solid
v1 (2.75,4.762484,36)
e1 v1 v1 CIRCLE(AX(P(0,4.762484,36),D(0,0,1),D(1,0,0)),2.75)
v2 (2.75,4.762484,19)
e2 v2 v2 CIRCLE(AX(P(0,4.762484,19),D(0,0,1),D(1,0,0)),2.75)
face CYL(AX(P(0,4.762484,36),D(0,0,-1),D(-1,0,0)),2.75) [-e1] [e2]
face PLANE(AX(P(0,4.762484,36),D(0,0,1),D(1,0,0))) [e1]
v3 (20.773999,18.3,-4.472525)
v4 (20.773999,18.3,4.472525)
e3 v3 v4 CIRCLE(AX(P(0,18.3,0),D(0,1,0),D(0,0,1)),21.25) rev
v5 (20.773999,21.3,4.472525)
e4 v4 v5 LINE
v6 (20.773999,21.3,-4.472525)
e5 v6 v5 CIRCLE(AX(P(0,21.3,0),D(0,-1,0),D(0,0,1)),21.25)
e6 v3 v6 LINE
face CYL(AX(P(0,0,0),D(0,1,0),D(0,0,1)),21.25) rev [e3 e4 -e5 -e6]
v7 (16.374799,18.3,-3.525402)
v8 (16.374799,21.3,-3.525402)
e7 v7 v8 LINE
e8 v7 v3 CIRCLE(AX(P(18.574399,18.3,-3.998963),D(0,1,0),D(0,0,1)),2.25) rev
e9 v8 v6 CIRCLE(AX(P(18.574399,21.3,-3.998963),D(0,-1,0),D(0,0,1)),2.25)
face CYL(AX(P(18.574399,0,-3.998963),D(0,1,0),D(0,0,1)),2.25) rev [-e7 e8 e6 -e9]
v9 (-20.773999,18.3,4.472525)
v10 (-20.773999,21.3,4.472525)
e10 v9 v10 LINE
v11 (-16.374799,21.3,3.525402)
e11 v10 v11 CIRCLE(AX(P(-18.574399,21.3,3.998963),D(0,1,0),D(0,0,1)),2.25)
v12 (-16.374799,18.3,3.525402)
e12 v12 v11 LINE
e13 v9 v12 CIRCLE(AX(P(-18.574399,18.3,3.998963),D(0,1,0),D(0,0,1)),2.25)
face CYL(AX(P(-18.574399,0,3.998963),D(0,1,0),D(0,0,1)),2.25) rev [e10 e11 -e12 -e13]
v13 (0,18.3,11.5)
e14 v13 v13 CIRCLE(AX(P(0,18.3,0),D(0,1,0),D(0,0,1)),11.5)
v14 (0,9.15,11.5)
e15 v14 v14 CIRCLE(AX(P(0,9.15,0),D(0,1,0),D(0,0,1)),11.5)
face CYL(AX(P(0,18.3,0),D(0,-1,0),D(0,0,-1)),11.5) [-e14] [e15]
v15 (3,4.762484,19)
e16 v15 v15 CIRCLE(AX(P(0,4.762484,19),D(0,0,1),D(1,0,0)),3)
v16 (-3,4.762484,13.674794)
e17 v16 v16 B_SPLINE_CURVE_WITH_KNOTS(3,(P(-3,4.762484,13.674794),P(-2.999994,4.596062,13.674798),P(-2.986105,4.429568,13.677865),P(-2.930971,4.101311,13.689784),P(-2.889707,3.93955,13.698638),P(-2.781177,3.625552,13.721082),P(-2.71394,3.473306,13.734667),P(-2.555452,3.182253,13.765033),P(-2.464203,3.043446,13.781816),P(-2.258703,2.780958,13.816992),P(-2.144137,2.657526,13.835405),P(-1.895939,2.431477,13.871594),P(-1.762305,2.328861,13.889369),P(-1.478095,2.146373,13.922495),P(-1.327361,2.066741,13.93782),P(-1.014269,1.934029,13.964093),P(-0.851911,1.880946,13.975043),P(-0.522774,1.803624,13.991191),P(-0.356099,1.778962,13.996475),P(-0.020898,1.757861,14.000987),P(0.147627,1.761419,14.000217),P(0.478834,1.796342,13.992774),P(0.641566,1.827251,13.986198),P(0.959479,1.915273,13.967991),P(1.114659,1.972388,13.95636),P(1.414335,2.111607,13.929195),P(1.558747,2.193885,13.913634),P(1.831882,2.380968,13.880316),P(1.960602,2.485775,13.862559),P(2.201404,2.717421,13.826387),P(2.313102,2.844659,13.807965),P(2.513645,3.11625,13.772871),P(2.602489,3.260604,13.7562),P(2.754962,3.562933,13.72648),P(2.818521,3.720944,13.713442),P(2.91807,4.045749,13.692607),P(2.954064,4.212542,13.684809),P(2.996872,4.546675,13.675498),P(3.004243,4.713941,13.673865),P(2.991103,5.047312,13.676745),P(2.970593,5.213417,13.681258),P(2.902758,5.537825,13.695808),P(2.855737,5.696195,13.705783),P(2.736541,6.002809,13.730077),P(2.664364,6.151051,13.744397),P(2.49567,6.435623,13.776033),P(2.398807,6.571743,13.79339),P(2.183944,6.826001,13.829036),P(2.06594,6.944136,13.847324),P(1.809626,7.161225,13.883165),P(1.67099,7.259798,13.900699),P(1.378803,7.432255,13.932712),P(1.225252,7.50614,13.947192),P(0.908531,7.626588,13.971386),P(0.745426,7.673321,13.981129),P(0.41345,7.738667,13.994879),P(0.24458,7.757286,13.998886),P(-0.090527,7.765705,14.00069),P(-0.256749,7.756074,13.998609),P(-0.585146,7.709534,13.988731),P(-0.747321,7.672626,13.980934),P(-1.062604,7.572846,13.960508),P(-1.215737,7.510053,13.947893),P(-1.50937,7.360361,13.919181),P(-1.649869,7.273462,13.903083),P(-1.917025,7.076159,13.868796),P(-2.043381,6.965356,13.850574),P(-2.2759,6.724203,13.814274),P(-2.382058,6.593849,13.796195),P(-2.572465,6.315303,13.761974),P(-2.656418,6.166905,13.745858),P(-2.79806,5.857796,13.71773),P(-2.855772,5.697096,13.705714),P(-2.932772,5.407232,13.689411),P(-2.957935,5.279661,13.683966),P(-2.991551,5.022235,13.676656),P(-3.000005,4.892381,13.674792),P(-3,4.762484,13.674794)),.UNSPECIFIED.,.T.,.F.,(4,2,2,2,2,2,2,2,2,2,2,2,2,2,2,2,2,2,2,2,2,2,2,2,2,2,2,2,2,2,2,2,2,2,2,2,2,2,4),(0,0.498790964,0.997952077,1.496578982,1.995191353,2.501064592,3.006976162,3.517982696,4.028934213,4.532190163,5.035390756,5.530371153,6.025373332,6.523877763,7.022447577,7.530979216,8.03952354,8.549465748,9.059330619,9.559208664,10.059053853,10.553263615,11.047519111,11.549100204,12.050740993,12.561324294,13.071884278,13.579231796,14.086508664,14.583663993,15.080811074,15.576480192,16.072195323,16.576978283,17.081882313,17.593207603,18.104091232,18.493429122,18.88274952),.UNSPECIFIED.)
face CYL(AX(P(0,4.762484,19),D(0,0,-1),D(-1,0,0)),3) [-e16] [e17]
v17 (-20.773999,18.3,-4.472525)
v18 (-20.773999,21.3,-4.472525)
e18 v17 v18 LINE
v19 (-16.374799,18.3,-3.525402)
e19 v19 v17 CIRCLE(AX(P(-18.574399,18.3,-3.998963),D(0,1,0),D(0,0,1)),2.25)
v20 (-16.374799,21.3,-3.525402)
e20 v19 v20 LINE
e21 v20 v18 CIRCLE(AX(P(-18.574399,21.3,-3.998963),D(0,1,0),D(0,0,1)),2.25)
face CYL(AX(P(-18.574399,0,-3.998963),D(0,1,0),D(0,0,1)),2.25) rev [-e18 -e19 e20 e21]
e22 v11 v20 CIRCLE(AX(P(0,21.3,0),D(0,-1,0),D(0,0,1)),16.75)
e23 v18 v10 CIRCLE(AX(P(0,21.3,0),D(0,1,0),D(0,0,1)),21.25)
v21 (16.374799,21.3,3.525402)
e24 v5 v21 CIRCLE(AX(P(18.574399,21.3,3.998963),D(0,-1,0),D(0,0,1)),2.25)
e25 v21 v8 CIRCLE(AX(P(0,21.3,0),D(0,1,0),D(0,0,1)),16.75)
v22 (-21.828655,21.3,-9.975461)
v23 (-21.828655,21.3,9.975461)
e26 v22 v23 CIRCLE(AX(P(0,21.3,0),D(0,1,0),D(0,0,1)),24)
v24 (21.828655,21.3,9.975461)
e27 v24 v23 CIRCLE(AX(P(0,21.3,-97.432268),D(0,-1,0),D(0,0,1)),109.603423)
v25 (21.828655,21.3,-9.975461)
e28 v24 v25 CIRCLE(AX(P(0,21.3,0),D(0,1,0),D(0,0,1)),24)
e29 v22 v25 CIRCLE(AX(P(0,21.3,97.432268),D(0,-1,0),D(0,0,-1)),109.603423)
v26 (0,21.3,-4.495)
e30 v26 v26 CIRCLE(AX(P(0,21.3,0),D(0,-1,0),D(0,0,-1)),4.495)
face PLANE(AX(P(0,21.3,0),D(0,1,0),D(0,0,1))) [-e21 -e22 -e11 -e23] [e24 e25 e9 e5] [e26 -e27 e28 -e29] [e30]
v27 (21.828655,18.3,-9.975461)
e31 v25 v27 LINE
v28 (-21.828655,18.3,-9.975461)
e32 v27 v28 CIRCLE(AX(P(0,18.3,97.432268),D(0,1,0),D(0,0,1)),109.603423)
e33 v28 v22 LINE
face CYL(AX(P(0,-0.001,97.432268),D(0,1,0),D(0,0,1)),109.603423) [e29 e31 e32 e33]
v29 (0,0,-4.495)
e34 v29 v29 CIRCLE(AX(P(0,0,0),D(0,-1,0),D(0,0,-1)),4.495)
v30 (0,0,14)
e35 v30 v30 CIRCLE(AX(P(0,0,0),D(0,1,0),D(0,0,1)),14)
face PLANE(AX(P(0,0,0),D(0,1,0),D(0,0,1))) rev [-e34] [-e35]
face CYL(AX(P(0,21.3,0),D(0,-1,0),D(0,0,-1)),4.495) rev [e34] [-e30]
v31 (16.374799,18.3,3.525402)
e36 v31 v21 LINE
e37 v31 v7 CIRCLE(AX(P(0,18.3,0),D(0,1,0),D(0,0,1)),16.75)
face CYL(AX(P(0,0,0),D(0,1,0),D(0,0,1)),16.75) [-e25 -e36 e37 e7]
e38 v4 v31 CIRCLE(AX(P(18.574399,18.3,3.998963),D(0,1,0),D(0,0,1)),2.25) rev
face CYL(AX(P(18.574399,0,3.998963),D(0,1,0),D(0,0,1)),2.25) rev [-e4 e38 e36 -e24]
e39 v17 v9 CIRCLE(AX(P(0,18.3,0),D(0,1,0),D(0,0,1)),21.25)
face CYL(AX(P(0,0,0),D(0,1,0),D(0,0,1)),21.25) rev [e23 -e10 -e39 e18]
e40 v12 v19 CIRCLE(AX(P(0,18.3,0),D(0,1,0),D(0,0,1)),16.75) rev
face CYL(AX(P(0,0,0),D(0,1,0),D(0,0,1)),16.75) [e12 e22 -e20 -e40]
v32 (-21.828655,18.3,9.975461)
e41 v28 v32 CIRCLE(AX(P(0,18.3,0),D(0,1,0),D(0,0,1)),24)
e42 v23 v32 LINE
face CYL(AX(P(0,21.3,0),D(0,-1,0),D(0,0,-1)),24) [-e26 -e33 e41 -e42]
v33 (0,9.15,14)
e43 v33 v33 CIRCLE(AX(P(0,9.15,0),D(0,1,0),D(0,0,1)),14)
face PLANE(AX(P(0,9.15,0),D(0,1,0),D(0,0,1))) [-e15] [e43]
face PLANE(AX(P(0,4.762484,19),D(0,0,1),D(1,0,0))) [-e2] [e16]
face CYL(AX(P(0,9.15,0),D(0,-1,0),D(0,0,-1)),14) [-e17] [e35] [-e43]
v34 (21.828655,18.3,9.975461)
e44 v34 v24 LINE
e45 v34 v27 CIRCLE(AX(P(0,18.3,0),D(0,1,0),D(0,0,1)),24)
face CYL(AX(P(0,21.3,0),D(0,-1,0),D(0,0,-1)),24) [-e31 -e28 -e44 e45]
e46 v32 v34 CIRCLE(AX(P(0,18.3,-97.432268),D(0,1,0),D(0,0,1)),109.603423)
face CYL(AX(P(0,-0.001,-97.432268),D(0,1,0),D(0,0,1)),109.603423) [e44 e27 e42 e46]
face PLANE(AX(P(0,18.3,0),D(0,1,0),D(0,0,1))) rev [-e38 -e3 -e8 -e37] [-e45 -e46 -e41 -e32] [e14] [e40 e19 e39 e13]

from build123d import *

# Parameters (mm, degrees)
SKETCH1_R           = 14
BOSS_EXTRUDE1_DEPTH = 9.15
SKETCH2_R           = 11.5
BOSS_EXTRUDE2_DEPTH = 9.15
BOSS_EXTRUDE3_DEPTH = 3
CUT_EXTRUDE1_START  = -3.000001
CUT_EXTRUDE1_DEPTH  = 3.000002
CUT_EXTRUDE2_DEPTH  = 36.009855755
SKETCH7_R           = 3
BOSS_EXTRUDE4_DEPTH = 19
SKETCH8_R           = 2.75
BOSS_EXTRUDE5_DEPTH = 17
SKETCH9_R           = 4.495
CUT_EXTRUDE3_DEPTH  = 49.225408241


with BuildPart() as part:
    # Sketch1 → Boss-Extrude1 (new body)
    with BuildSketch(Plane(origin=(0, 0, 0), x_dir=(1, 0, 0), z_dir=(0, 1, 0))):
        with Locations(Location((0, 0, 0), (0, 0, 270))):
            Circle(SKETCH1_R)
    extrude(amount=BOSS_EXTRUDE1_DEPTH)

    # Sketch2 → Boss-Extrude2 (add)
    with BuildSketch(Plane(origin=(0, 9.15, 0), x_dir=(1, 0, 0), z_dir=(0, 1, 0))):
        with Locations(Location((0, 0, 0), (0, 0, 270))):
            Circle(SKETCH2_R)
    extrude(amount=BOSS_EXTRUDE2_DEPTH)

    # Sketch3 → Boss-Extrude3 (add)
    with BuildSketch(Plane(origin=(0, 18.3, 0), x_dir=(1, 0, 0), z_dir=(0, 1, 0))):
        with BuildLine():
            Line((-20.684849103, -12.171155146), (20.684849103, -12.171155146))
            ThreePointArc((20.684849103, -12.171155146), (24, 0), (20.684849103, 12.171155146))
            Line((20.684849103, 12.171155146), (-20.684849103, 12.171155146))
            ThreePointArc((-20.684849103, 12.171155146), (-24, 0), (-20.684849103, -12.171155146))
        make_face()
    extrude(amount=BOSS_EXTRUDE3_DEPTH)

    # Sketch4 → Cut-Extrude1 (cut)
    with BuildSketch(Plane(origin=(0, 21.3, 0), x_dir=(1, 0, 0), z_dir=(0, 1, 0)).offset(CUT_EXTRUDE1_START)):
        with BuildLine():
            Line((-21.82865512, -9.975460673), (-21.82865512, -23.828437081))
            Line((-21.82865512, -23.828437081), (21.82865512, -23.828437081))
            Line((21.82865512, -23.828437081), (21.82865512, -9.975460673))
            ThreePointArc((21.82865512, -9.975460673), (0, -12.171155146), (-21.82865512, -9.975460673))
        make_face()
        with BuildLine():
            Line((21.82865512, 9.975460673), (21.82865512, 24.795204082))
            Line((21.82865512, 24.795204082), (-21.82865512, 24.795204082))
            Line((-21.82865512, 24.795204082), (-21.82865512, 9.975460673))
            ThreePointArc((-21.82865512, 9.975460673), (0, 12.171155146), (21.82865512, 9.975460673))
        make_face()
    extrude(amount=CUT_EXTRUDE1_DEPTH, mode=Mode.SUBTRACT)

    # Sketch6 → Cut-Extrude2 (cut, through all)
    with BuildSketch(Plane(origin=(0, 21.3, 0), x_dir=(1, 0, 0), z_dir=(0, 1, 0))):
        with BuildLine():
            ThreePointArc((-20.773998678, 4.472524896), (-21.25, 0), (-20.773998678, -4.472524896))
            ThreePointArc((-20.773998678, -4.472524896), (-18.100837358, -6.198563297), (-16.374798958, -3.525401977))
            ThreePointArc((-16.374798958, -3.525401977), (-16.75, 0), (-16.374798958, 3.525401977))
            ThreePointArc((-16.374798958, 3.525401977), (-18.100837358, 6.198563297), (-20.773998678, 4.472524896))
        make_face()
    cut_extrude2 = extrude(amount=-CUT_EXTRUDE2_DEPTH, mode=Mode.SUBTRACT)

    # Mirror1: Cut-Extrude2 across plane
    add(cut_extrude2.mirror(Plane(origin=(0, 0, 0), x_dir=(0, 0, 1), z_dir=(1, 0, 0))), mode=Mode.SUBTRACT)

    # Sketch7 → Boss-Extrude4 (add)
    with BuildSketch(Plane.XY):
        with Locations(Location((0, 4.762483919, 0), (0, 0, 180))):
            Circle(SKETCH7_R)
    extrude(amount=BOSS_EXTRUDE4_DEPTH)

    # Sketch8 → Boss-Extrude5 (add)
    with BuildSketch(Plane.XY.offset(19)):
        with Locations((0, 4.762483919)):
            Circle(SKETCH8_R)
    extrude(amount=BOSS_EXTRUDE5_DEPTH)

    # Sketch9 → Cut-Extrude3 (cut, through all)
    with BuildSketch(Plane.XZ):
        with Locations(Location((0, 0, 0), (0, 0, 270))):
            Circle(SKETCH9_R)
    extrude(amount=-CUT_EXTRUDE3_DEPTH, mode=Mode.SUBTRACT)


solid = part.part
